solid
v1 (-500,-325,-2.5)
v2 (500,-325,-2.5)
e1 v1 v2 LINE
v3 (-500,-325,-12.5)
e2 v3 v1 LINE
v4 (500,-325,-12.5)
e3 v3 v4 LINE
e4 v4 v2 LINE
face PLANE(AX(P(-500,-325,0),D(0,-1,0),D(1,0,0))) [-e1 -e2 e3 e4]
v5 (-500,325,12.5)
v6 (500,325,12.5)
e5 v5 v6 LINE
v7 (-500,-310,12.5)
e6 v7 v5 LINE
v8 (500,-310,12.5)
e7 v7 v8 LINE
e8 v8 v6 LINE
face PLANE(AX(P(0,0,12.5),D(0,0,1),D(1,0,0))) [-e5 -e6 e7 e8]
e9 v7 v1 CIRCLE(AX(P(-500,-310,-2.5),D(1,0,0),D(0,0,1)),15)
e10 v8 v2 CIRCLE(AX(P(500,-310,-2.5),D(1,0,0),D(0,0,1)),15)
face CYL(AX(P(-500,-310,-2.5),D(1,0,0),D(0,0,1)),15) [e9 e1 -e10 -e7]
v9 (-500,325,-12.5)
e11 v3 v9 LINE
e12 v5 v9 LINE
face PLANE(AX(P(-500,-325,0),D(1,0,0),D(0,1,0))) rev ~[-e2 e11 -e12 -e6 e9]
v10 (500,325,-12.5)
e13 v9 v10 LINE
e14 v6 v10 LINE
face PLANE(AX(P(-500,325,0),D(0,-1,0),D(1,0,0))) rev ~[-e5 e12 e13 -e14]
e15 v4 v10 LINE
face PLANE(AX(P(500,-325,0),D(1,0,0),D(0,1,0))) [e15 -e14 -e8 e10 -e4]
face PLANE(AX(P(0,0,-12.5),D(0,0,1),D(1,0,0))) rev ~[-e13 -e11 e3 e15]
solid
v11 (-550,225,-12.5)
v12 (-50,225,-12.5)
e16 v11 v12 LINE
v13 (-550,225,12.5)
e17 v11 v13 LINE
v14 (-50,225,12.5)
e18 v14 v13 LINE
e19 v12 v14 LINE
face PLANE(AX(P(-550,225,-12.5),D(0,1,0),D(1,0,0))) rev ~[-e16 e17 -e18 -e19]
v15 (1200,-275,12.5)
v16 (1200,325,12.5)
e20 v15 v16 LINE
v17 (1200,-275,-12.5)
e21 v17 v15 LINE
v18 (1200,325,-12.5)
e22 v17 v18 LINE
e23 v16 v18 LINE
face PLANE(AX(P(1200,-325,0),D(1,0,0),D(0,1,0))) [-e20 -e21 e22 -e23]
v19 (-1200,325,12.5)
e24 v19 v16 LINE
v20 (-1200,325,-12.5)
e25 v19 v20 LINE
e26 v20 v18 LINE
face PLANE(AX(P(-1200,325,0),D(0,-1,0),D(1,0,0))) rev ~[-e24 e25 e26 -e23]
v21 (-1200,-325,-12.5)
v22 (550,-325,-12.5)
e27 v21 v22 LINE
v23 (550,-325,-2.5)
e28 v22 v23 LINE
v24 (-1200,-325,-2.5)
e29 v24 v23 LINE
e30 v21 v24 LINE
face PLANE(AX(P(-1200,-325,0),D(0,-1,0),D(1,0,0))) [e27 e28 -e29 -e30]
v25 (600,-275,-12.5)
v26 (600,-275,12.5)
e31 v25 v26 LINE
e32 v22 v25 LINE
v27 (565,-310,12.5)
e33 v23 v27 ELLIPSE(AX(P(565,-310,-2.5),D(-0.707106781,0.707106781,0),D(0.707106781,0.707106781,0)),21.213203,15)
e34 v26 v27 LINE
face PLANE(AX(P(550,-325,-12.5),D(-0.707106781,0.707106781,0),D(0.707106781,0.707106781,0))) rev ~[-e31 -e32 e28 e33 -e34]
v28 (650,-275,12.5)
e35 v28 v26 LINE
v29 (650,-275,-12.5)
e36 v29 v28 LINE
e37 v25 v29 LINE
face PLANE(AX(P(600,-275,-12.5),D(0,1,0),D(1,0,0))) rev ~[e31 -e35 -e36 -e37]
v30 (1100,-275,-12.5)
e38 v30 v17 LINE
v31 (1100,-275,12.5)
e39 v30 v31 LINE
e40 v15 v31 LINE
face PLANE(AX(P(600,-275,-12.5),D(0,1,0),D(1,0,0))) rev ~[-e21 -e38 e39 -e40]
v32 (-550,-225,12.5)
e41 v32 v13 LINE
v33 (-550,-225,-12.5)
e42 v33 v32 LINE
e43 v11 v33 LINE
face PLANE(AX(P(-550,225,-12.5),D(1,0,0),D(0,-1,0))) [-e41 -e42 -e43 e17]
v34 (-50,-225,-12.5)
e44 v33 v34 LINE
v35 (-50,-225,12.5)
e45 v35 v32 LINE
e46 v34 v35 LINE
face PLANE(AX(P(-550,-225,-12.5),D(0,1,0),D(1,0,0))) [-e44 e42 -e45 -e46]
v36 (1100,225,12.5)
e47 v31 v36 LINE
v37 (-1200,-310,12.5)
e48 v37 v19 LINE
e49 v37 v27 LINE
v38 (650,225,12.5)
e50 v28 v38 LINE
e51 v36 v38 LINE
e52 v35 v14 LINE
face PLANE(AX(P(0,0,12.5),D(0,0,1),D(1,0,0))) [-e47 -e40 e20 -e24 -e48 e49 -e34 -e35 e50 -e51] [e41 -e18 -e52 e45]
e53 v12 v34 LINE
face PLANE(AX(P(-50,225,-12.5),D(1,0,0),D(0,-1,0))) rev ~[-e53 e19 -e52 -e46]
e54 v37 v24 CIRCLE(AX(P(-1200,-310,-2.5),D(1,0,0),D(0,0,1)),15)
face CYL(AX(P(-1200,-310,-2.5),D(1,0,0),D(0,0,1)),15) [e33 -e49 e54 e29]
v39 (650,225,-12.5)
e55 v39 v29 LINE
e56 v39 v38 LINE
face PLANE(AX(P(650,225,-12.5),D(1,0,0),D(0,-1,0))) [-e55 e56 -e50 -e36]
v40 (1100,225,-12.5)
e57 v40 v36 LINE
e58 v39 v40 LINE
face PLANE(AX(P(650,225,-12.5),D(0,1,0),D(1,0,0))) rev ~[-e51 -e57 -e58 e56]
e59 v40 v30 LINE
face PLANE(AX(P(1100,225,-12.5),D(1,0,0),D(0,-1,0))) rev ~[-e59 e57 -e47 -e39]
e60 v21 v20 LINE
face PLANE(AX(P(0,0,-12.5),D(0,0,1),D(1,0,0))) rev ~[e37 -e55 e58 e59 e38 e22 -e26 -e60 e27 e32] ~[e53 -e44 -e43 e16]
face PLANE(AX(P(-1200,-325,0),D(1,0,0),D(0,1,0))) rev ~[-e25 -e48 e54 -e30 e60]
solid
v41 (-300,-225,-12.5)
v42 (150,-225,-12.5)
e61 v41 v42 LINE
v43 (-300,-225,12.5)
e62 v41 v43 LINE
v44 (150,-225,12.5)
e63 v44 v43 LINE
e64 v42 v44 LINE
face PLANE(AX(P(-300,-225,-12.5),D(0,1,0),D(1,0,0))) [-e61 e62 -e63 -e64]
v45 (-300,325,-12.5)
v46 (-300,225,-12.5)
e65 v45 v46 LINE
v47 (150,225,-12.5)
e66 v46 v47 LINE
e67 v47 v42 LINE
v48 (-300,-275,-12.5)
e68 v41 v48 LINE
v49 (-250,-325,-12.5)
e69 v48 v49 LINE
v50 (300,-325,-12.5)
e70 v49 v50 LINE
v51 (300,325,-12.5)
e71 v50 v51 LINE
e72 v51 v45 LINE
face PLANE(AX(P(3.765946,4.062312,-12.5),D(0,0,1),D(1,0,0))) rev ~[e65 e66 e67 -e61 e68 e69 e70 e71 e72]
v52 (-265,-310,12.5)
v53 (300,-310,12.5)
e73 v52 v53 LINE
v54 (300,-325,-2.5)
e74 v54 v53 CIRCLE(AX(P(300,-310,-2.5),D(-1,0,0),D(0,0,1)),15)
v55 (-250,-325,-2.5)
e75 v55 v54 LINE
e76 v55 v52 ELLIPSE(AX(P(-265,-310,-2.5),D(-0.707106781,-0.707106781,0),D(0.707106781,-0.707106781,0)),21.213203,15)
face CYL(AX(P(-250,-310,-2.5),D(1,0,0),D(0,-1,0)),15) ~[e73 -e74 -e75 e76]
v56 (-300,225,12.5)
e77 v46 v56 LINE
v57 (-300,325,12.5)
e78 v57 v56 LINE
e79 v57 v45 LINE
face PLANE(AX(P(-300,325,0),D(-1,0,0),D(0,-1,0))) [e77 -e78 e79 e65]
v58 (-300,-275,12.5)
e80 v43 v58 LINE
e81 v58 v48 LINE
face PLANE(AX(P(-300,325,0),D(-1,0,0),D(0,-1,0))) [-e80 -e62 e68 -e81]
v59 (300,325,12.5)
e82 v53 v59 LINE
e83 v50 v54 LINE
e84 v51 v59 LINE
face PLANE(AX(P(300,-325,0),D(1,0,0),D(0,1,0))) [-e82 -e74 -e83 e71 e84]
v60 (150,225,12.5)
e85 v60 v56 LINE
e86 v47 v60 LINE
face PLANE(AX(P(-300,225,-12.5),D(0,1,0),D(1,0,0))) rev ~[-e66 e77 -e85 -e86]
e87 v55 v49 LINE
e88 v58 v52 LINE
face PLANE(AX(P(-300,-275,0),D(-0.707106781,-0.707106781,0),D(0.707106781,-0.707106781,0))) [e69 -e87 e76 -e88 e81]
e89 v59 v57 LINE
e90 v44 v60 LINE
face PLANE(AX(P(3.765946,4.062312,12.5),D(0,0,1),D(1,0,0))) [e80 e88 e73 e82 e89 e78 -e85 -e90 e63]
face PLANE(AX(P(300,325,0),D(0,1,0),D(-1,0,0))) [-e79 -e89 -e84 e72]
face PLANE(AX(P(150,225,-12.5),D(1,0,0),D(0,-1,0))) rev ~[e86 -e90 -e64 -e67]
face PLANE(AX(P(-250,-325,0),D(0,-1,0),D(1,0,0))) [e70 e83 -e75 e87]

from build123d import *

# Parameters (mm, degrees)
F0_W      = 2400
F0_H      = 650
F1_DEPTH  = 12.5
F2_R      = 15
F4_DEPTH  = 25.001
F6_DEPTH  = 12.5
F7_R      = 15
F8_W      = 450
F8_H      = 500
F9_DEPTH  = 25.001
F10_W     = 450
F10_H     = 450
F11_DEPTH = 25.001
F12_W     = 1000
F12_H     = 650
F13_DEPTH = 12.5
F14_R     = 15
F15_W     = 500
F15_H     = 450
F16_DEPTH = 25.001


with BuildPart() as f1:
    # F0 (on Top) → F1 (new body, symmetric)
    with BuildSketch(Plane.XY):
        Rectangle(F0_W, F0_H)
    extrude(amount=F1_DEPTH, both=True)

    # F2
    f2_edges = [f1.edges().sort_by_distance(p)[0] for p in [
        (0, -325, 12.5),
    ]]
    fillet(f2_edges, radius=F2_R)

    # F3 (on face) → F4 (cut, through all)
    with BuildSketch(Plane(origin=(0, 0, -12.5), x_dir=(1, 0, 0), z_dir=(0, 0, -1))):
        Polygon((1200, 275), (1200, 325), (550, 325), (600, 275), align=None)
    extrude(amount=-F4_DEPTH, mode=Mode.SUBTRACT)

    # F8 (on face) → F9 (cut, through all)
    with BuildSketch(Plane(origin=(0, 0, -12.5), x_dir=(1, 0, 0), z_dir=(0, 0, -1))):
        with Locations((875, 25)):
            Rectangle(F8_W, F8_H)
    extrude(amount=-F9_DEPTH, mode=Mode.SUBTRACT)

    # F15 (on face) → F16 (cut, through all)
    with BuildSketch(Plane(origin=(0, 0, -12.5), x_dir=(1, 0, 0), z_dir=(0, 0, -1))):
        with Locations((-300, 0)):
            Rectangle(F15_W, F15_H)
    extrude(amount=-F16_DEPTH, mode=Mode.SUBTRACT)


with BuildPart() as f6:
    # F5 (on Top) → F6 (new body, symmetric)
    with BuildSketch(Plane.XY):
        Polygon((-250, -325), (300, -325), (300, 325), (-300, 325), (-300, -275), align=None)
    extrude(amount=F6_DEPTH, both=True)

    # F7
    f7_edges = [f6.edges().sort_by_distance(p)[0] for p in [
        (25, -325, 12.5),
    ]]
    fillet(f7_edges, radius=F7_R)

    # F10 (on face) → F11 (cut, through all)
    with BuildSketch(Plane(origin=(0, 0, -12.5), x_dir=(1, 0, 0), z_dir=(0, 0, -1))):
        with Locations((-75, 0)):
            Rectangle(F10_W, F10_H)
    extrude(amount=-F11_DEPTH, mode=Mode.SUBTRACT)


with BuildPart() as f13:
    # F12 (on Top) → F13 (new body, symmetric)
    with BuildSketch(Plane.XY):
        Rectangle(F12_W, F12_H)
    extrude(amount=F13_DEPTH, both=True)

    # F14
    f14_edges = [f13.edges().sort_by_distance(p)[0] for p in [
        (0, -325, 12.5),
    ]]
    fillet(f14_edges, radius=F14_R)


solid = Compound([f1.part, f6.part, f13.part])
